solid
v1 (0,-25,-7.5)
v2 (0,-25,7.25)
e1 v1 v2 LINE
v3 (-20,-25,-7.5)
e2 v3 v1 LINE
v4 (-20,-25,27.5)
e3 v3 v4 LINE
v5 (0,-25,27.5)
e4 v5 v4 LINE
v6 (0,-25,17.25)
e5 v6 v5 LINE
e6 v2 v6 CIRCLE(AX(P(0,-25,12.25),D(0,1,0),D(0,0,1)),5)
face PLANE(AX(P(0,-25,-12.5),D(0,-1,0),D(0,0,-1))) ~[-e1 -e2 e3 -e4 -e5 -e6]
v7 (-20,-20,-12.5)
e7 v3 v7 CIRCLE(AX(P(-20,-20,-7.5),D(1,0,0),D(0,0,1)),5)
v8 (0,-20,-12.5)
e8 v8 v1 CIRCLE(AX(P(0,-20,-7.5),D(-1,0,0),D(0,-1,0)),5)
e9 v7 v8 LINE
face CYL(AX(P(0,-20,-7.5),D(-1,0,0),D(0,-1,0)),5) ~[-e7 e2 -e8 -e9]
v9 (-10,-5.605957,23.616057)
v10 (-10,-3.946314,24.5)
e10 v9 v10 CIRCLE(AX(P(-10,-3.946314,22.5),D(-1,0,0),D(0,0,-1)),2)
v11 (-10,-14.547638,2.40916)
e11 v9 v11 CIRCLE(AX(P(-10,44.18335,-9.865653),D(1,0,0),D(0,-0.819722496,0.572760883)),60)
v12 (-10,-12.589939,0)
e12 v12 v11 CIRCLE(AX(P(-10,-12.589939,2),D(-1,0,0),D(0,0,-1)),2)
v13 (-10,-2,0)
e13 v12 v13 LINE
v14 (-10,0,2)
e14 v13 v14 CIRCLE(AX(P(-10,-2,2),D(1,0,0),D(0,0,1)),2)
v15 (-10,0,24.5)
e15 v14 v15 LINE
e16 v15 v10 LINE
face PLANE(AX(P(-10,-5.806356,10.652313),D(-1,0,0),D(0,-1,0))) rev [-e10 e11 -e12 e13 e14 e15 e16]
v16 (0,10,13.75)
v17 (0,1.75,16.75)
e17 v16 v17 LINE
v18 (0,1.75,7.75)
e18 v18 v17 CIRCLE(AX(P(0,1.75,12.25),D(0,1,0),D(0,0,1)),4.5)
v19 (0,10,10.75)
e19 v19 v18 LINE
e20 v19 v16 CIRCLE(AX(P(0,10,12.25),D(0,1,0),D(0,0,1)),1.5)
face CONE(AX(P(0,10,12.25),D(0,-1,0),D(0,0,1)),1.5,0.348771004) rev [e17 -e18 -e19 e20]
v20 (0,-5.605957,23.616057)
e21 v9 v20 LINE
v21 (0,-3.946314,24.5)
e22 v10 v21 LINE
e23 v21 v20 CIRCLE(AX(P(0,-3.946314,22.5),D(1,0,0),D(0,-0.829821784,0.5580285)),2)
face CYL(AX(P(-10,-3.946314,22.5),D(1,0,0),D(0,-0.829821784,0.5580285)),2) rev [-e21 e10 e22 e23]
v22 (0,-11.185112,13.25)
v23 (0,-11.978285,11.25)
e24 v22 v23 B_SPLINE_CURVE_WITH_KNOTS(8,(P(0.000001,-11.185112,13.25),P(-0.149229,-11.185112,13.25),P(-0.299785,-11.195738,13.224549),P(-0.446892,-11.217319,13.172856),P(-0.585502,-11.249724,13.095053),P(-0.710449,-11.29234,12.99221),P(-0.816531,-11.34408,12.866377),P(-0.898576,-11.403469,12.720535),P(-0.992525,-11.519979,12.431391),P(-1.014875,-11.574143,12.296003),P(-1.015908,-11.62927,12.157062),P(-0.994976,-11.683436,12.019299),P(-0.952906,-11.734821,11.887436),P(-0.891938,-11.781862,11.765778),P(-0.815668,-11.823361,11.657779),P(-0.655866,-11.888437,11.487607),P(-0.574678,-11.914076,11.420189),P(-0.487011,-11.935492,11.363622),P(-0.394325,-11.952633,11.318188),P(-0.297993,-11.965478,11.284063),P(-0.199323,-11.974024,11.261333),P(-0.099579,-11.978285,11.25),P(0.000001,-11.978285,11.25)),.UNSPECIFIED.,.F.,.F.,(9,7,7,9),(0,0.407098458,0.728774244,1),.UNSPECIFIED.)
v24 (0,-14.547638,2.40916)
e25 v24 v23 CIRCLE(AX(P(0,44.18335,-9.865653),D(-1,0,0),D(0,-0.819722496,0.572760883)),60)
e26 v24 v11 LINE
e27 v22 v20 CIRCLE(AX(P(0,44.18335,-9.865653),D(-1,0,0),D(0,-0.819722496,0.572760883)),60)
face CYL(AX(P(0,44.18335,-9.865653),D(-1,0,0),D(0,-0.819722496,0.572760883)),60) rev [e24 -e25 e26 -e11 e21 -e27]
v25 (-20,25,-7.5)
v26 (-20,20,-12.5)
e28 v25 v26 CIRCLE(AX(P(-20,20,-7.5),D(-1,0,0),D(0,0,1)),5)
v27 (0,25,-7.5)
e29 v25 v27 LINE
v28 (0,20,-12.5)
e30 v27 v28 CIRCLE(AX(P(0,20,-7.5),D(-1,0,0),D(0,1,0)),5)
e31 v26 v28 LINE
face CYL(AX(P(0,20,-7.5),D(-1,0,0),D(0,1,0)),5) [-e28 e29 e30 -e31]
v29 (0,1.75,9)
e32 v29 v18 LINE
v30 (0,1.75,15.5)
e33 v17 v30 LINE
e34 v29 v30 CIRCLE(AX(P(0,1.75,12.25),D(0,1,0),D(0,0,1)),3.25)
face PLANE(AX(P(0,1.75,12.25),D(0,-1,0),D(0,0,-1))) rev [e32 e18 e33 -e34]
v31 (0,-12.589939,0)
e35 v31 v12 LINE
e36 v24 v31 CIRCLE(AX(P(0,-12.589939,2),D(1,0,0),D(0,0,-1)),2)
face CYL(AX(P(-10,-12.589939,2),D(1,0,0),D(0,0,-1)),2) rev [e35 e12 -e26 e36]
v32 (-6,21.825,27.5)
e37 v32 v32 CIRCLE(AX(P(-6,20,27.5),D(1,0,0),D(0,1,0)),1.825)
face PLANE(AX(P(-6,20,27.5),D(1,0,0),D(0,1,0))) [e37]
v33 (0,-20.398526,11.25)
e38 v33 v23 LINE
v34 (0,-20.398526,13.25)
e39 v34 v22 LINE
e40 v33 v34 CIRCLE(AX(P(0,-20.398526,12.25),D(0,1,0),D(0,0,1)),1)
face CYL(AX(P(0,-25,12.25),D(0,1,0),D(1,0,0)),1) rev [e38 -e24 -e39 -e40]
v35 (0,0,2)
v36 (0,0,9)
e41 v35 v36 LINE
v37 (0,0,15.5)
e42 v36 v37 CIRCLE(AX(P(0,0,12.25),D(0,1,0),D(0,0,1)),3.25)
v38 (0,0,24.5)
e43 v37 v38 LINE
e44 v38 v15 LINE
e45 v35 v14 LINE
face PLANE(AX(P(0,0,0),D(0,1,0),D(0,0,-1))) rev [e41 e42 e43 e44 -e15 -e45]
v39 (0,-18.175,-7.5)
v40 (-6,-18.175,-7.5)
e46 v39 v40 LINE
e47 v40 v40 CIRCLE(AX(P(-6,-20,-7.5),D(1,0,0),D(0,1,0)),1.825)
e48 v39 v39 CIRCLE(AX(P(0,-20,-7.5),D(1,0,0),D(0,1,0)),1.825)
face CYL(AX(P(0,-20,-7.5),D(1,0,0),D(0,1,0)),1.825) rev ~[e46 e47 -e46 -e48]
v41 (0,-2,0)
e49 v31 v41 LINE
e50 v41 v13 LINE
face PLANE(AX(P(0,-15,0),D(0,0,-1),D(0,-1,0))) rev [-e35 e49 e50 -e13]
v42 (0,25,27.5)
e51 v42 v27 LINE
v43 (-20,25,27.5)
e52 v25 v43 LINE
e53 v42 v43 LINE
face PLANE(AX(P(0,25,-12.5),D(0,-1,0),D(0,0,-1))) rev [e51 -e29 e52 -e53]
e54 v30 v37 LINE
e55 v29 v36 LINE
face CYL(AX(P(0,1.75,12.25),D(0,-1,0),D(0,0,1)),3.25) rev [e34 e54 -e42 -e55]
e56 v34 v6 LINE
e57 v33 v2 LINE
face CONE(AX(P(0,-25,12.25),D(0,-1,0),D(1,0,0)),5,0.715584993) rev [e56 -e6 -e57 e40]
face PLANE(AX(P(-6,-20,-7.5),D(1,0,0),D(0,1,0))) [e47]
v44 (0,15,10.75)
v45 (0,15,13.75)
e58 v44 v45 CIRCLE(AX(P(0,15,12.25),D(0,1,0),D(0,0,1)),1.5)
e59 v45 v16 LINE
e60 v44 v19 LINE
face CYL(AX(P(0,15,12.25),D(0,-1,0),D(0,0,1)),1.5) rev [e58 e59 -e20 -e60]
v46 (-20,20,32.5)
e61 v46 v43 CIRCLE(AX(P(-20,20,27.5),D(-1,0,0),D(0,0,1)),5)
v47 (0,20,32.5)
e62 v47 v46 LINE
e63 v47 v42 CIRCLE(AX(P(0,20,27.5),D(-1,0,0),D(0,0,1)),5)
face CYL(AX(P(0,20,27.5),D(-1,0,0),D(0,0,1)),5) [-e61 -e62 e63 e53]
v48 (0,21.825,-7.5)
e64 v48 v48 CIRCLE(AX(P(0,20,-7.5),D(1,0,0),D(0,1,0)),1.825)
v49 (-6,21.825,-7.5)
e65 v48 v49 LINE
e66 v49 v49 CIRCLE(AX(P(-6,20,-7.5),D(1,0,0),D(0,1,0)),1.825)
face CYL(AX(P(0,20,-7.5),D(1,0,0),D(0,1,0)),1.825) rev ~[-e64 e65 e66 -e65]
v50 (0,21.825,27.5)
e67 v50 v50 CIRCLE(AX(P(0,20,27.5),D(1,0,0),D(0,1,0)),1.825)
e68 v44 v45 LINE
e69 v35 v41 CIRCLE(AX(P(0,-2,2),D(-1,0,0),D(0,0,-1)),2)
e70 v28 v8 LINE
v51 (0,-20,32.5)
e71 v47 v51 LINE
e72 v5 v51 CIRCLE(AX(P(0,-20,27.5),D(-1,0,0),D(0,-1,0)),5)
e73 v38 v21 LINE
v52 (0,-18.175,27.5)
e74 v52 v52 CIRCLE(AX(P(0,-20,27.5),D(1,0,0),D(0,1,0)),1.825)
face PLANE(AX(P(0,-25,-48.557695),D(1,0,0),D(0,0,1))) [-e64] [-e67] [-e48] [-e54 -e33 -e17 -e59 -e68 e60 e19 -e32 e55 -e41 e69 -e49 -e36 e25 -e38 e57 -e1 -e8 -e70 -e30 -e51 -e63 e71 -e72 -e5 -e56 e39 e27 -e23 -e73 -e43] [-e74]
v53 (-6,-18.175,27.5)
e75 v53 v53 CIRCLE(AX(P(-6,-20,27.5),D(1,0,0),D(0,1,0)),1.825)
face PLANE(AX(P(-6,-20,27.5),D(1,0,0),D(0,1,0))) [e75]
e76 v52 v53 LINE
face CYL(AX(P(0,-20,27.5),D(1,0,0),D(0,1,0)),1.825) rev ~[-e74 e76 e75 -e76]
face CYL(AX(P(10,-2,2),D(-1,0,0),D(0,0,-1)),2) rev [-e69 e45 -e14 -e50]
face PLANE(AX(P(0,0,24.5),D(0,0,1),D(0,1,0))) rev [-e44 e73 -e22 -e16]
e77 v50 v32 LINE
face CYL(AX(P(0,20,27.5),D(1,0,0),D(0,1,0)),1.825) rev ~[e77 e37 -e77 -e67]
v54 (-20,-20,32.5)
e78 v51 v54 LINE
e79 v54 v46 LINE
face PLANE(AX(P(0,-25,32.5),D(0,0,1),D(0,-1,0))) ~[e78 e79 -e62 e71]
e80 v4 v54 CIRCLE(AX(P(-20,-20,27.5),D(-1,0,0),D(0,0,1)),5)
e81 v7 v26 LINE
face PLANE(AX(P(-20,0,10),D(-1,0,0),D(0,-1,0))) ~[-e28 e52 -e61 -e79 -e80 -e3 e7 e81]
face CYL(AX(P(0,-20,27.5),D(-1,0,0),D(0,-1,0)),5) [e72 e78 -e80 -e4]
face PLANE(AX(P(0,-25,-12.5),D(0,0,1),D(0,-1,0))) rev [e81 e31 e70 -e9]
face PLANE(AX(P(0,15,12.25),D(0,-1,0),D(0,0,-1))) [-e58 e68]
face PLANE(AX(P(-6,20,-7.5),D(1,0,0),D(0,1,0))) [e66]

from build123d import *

# Parameters (mm, degrees)
F1_DEPTH        = 10
F5_R            = 2
F6_W            = 50
F6_H            = 45
F7_DEPTH        = 20
F10_D           = 2
F10_DEPTH       = 20
F10_CSINK_D     = 10
F10_CSINK_ANGLE = 82
F10_TIP         = 0.600860619
F11_R           = 5
F12_R           = 1.75
F13_DEPTH       = 5
F15_W           = 33.0769233406
F15_H           = 100.1923158765
F16_DEPTH       = 50.001
F17_R           = 1.825
F18_DEPTH       = 6


with BuildPart() as f1:
    # F0 (on Right) → F1 (new body, symmetric)
    with BuildSketch(Plane.YZ):
        with BuildLine():
            Line((-15, 0), (0, 0))
            Line((0, 0), (0, 24.5))
            Line((0, 24.5), (-5, 24.5))
            ThreePointArc((-5, 24.5), (-11.3675088396, 12.8081668733), (-15, 0))
        make_face()
    extrude(amount=F1_DEPTH, both=True)

    # F3 (on Right) → F4 (revolve)
    with BuildSketch(Plane.YZ):
        Polygon((0, 12.25), (15, 12.25), (15, 13.75), (10, 13.75), (1.75, 16.75), (1.75, 15.5), (0, 15.5), align=None)
    revolve(axis=Axis((0, 7.5, 12.25), (0, -1, 0)))

    # F5
    f5_edges = [f1.edges().sort_by_distance(p)[0] for p in [
        (0, -5, 24.5),
        (0, -15, 0),
        (0, 0, 0),
    ]]
    fillet(f5_edges, radius=F5_R)


with BuildPart() as f7:
    # F6 (on Right) → F7 (new body)
    with BuildSketch(Plane.YZ):
        with Locations((0, 10)):
            Rectangle(F6_W, F6_H)
    extrude(amount=F7_DEPTH)

    # F8: cut F1
    add(f1.part, mode=Mode.SUBTRACT)

    # F10
    with Locations(Plane.XZ.offset(25)):
        with Locations((0, 12.25)):
            CounterSinkHole(F10_D / 2, F10_CSINK_D / 2, depth=F10_DEPTH, counter_sink_angle=F10_CSINK_ANGLE)
            with Locations((0, 0, -(F10_DEPTH + F10_TIP / 2))):  # 118° drill point
                Cone(0, F10_D / 2, F10_TIP, mode=Mode.SUBTRACT)

    # F11
    f11_edges = [f7.edges().sort_by_distance(p)[0] for p in [
        (10, -25, 32.5),
        (10, 25, 32.5),
        (10, -25, -12.5),
        (10, 25, -12.5),
    ]]
    fillet(f11_edges, radius=F11_R)

    # F12 (on face) → F13 (join)
    with BuildSketch(Plane.YZ):
        with Locations((20, 27.5)):
            Circle(F12_R)
        with Locations((-20, 27.5)):
            Circle(F12_R)
        with Locations((-20, -7.5)):
            Circle(F12_R)
        with Locations((20, -7.5)):
            Circle(F12_R)
    extrude(amount=-F13_DEPTH)

    # F14: F7 across plane


with BuildPart() as f7_1:
    add(f7.part)
    add(f7.part.mirror(Plane.YZ))

    # F15 (on face) → F16 (cut, through all)
    with BuildSketch(Plane.XZ.offset(25)):
        with Locations((16.5384616703, 1.5384629369)):
            Rectangle(F15_W, F15_H)
    extrude(amount=-F16_DEPTH, mode=Mode.SUBTRACT)

    # F17 (on face) → F18 (cut)
    with BuildSketch(Plane.YZ):
        with Locations((-20, 27.5)):
            Circle(F17_R)
        with Locations((20, 27.5)):
            Circle(F17_R)
        with Locations((20, -7.5)):
            Circle(F17_R)
        with Locations((-20, -7.5)):
            Circle(F17_R)
    extrude(amount=-F18_DEPTH, mode=Mode.SUBTRACT)


solid = f7_1.part
